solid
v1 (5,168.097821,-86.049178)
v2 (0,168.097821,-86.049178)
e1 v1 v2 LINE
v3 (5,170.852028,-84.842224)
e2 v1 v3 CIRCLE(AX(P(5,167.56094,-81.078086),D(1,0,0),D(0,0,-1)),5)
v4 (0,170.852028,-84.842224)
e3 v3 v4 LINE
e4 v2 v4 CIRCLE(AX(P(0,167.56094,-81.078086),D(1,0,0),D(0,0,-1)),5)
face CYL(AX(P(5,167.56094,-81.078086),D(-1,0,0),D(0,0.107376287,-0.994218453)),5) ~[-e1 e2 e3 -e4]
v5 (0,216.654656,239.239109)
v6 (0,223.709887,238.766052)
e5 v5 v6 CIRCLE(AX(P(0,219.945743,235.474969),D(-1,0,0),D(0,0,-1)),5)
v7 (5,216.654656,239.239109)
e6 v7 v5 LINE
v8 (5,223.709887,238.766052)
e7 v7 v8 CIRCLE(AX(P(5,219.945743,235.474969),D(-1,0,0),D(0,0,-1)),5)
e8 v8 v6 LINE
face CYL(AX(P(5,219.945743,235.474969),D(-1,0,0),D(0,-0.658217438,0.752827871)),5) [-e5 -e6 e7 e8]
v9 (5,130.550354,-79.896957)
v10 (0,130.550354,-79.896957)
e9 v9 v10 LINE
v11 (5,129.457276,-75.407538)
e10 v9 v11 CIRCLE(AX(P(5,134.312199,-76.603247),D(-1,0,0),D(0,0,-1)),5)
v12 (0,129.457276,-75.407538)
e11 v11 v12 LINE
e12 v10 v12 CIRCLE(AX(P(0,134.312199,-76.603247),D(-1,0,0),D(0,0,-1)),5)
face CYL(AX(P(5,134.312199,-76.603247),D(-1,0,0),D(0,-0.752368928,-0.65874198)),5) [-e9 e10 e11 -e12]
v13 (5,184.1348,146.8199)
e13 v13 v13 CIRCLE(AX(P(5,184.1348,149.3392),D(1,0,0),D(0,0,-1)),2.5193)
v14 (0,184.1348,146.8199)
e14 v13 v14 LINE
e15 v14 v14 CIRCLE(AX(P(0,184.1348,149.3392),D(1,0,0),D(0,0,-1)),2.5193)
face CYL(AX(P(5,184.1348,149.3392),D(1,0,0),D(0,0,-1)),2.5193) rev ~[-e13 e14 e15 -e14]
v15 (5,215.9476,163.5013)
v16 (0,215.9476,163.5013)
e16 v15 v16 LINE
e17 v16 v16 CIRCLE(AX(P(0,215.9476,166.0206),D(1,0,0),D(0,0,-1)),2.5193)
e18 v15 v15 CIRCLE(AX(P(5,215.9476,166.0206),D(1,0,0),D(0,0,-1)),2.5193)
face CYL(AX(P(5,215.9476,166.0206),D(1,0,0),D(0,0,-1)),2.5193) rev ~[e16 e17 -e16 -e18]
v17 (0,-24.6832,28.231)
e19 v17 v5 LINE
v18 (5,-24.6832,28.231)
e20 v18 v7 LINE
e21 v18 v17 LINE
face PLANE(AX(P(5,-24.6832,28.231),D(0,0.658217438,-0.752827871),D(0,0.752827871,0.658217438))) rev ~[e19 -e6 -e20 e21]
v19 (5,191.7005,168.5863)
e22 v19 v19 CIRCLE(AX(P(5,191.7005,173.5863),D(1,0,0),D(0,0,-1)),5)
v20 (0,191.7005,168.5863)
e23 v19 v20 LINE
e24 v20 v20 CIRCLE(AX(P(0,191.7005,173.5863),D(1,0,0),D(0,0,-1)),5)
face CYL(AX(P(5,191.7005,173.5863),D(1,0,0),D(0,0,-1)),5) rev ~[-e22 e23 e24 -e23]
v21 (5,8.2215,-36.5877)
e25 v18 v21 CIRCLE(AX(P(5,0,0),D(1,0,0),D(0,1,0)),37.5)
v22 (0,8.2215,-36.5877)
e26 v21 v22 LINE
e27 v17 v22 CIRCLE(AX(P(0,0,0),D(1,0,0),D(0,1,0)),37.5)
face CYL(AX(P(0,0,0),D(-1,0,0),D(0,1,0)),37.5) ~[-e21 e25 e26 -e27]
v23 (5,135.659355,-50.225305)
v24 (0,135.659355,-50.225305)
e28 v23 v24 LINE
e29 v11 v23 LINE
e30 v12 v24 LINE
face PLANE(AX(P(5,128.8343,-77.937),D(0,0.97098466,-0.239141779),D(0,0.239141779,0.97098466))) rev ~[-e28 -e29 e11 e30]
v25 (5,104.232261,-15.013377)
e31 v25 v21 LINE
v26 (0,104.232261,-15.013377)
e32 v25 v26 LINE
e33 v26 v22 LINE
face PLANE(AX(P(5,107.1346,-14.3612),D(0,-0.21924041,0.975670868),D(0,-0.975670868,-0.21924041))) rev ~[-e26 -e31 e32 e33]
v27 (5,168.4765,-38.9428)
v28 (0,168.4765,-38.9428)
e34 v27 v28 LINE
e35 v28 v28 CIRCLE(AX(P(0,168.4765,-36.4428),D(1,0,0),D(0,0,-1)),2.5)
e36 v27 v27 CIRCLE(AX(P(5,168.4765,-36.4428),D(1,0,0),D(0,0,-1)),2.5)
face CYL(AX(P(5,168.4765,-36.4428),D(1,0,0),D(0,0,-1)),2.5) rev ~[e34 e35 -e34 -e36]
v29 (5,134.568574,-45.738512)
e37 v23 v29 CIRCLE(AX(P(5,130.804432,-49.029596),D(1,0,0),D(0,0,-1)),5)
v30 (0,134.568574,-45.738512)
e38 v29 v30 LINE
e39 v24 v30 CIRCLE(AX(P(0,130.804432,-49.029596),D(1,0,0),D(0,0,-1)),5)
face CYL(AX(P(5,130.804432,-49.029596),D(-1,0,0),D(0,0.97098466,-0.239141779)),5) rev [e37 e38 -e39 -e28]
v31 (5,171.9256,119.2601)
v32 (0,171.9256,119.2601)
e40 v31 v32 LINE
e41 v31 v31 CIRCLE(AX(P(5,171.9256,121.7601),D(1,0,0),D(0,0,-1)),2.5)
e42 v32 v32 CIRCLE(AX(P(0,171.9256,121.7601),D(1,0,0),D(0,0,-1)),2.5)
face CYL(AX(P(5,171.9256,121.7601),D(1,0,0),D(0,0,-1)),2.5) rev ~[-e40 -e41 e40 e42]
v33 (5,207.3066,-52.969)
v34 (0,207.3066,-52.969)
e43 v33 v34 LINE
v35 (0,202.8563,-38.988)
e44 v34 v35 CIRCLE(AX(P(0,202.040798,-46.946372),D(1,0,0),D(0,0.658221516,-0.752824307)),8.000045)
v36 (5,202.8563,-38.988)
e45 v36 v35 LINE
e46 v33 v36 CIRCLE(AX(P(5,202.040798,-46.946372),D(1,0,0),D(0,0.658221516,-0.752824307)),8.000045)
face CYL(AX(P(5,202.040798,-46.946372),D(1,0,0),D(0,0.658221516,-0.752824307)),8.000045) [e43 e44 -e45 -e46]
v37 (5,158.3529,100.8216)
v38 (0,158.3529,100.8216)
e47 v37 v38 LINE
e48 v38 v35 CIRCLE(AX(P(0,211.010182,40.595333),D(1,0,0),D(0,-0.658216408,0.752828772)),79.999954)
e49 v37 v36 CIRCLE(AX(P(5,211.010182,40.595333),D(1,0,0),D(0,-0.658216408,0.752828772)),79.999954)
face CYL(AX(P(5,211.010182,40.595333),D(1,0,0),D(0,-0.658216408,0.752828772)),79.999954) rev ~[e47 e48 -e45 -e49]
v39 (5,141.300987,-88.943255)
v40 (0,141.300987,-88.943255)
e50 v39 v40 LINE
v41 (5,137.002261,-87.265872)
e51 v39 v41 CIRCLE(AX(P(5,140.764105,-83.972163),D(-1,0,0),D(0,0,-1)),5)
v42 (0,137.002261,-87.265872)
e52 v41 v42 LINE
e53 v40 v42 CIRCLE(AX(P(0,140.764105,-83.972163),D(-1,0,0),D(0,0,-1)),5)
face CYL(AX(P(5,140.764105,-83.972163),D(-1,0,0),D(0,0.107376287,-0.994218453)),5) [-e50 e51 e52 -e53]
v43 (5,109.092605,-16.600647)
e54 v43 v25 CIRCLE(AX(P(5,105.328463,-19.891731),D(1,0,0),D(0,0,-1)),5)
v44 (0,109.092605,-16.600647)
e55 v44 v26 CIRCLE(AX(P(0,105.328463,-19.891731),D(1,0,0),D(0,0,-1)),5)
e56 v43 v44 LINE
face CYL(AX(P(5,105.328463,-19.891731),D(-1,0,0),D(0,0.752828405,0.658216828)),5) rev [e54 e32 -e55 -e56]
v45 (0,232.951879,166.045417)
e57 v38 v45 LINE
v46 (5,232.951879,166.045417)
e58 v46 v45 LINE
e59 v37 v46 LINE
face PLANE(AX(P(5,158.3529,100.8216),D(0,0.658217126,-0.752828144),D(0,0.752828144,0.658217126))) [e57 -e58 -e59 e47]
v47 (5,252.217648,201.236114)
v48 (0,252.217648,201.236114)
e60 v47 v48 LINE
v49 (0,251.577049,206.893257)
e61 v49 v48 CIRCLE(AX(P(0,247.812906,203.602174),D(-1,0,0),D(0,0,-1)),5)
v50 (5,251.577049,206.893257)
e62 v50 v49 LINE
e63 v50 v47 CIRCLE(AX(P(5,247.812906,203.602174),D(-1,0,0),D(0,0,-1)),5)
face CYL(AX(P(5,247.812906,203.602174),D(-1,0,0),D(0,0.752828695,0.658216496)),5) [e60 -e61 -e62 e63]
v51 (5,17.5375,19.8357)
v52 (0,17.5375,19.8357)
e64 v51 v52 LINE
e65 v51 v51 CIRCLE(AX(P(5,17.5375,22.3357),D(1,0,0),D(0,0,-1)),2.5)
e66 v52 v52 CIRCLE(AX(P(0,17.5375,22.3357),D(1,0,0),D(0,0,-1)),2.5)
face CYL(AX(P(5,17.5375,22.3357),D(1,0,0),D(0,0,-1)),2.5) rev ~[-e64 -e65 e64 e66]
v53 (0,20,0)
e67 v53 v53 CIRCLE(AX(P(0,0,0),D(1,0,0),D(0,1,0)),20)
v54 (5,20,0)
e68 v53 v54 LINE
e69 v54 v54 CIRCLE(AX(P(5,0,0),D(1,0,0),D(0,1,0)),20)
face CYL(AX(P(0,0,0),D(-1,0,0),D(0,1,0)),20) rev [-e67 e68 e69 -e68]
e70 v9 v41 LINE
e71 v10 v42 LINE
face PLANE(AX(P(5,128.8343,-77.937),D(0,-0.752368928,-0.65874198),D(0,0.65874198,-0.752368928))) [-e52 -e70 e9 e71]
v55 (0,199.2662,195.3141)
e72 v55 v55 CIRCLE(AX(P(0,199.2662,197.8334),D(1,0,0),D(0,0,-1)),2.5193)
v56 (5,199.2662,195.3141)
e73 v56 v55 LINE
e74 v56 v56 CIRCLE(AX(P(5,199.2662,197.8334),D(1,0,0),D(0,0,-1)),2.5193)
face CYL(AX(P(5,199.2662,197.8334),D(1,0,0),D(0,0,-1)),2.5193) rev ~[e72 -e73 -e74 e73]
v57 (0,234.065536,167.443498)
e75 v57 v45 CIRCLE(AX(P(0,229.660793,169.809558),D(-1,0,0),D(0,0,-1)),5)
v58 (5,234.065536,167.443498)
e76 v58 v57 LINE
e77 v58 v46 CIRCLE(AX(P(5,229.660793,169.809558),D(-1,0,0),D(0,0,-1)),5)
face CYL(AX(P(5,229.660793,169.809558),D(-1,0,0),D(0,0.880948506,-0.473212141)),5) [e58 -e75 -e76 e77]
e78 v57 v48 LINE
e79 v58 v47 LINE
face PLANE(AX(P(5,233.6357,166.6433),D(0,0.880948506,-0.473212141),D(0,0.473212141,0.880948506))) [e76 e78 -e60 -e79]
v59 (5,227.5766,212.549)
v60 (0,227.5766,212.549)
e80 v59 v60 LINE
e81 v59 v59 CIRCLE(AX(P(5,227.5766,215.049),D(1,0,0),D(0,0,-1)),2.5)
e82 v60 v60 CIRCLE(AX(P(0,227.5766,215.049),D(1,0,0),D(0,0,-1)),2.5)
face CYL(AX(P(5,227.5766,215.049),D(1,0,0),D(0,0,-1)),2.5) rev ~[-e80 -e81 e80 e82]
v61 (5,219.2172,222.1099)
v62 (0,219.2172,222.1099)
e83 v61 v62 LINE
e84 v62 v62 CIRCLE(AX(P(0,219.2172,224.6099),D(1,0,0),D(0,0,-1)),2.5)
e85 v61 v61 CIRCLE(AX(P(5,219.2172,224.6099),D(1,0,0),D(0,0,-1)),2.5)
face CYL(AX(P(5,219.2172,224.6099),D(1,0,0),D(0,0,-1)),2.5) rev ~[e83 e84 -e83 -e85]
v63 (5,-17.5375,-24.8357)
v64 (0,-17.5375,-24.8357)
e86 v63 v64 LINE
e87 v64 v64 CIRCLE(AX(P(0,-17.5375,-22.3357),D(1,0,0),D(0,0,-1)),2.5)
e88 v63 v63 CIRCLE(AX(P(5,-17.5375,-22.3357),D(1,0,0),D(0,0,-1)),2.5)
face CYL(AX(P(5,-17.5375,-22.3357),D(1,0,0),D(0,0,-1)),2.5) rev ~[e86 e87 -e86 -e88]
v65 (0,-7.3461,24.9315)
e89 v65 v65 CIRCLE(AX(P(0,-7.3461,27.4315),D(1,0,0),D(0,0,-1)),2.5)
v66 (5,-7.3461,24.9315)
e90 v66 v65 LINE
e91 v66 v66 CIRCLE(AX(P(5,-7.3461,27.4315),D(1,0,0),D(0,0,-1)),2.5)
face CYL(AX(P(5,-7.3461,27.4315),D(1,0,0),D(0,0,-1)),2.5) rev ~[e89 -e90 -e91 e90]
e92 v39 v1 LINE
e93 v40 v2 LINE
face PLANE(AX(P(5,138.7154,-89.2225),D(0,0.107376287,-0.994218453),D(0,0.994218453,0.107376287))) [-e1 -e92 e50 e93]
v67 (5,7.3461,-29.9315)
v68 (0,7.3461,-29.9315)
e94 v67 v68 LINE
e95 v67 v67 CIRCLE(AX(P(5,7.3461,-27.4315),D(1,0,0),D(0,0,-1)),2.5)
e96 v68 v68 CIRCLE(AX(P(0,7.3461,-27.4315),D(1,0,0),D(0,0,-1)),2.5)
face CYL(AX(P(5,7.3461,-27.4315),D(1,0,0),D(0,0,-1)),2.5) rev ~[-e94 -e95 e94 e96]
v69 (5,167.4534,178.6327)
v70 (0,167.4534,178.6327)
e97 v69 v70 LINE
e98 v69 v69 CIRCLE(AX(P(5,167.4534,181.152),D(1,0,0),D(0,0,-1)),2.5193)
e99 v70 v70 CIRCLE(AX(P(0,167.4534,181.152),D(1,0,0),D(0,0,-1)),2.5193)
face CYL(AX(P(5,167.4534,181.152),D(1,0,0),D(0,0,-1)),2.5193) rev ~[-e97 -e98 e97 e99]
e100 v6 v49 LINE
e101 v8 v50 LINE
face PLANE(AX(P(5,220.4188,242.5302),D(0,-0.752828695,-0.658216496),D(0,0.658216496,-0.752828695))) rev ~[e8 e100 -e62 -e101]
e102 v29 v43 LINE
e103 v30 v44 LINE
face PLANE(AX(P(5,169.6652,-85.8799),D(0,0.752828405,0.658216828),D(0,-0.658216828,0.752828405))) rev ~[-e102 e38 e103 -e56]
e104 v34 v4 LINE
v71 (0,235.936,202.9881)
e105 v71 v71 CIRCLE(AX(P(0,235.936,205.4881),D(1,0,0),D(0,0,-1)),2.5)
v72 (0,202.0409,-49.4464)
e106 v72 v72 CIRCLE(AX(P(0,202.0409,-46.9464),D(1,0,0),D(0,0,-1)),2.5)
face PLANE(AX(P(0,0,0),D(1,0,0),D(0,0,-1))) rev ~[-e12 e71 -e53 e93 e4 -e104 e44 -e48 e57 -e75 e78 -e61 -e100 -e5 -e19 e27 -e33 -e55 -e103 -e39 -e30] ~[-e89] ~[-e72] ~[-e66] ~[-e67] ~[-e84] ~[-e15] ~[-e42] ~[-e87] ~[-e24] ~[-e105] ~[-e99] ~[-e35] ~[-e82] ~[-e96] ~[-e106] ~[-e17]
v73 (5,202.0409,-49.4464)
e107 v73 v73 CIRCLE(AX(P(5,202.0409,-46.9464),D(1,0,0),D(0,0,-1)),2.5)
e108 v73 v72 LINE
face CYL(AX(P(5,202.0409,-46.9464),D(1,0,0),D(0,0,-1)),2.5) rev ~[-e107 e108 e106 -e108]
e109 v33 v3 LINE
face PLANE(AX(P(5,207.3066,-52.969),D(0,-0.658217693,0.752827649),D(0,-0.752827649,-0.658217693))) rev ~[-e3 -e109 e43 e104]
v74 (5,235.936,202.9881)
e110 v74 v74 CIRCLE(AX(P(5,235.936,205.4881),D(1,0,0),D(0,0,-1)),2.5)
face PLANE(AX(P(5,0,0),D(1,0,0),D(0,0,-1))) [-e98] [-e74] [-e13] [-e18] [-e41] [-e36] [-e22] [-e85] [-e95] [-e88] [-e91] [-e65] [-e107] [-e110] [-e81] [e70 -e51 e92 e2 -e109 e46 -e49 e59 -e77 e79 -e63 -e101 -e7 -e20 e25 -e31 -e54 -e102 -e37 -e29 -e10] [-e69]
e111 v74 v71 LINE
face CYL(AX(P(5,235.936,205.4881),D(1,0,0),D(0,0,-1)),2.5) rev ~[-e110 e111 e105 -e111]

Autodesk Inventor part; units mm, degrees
ref_plane "YZ Plane" through (0, 0, 0) normal (1, 0, 0) x (0, 1, 0)
ref_plane "XZ Plane" through (0, 0, 0) normal (0, 1, 0) x (-1, 0, 0)
ref_plane "XY Plane" through (0, 0, 0) normal (0, 0, 1) x (1, 0, 0)
sketch "Esboço1" plane through (0, 0, 0) normal (1, 0, 0) x (0, 1, 0)
  circle A0 centre (0, 0) radius 20
  circle A1 centre (0, 0) radius 37.5
  dimension "d0" = 40
  dimension "d1" = 75
extrude "Extrusão1" add sketch "Esboço1" along normal blind 5
sketch "Esboço3" plane through (5, 0, 0) normal (1, 0, 0) x (0, 0, -1)
  line L0 (154.1962, 109.7603) -> (153.014, 111.1125) projected
  line L1 (40.5387, 95.9825) -> (78.7824, 129.4199) projected
  line L2 (153.014, 111.1125) -> (-99.3237, 399.7205)
  circle A0 centre (0, 0) radius 37.5 projected
  line L3 (-28.231, -24.6832) -> (-242.5302, 220.4188)
  arc A1 (-100.8216, 158.3529) -> (38.988, 202.8563) centre (-40.5953, 211.0103) ccw
  line L4 (-100.8216, 158.3529) -> (-166.6433, 233.6357)
  line L5 (-166.6433, 233.6357) -> (-204.2865, 253.8562)
  circle A2 centre (46.9464, 202.0409) radius 2.5
  circle A3 centre (36.4428, 168.4765) radius 2.5
  arc A4 (52.969, 207.3066) -> (38.988, 202.8563) centre (46.9464, 202.0409) ccw
  line L6 (52.969, 207.3066) -> (85.8799, 169.6652)
  line L7 (85.8799, 169.6652) -> (14.3612, 107.1346)
  line L8 (14.3612, 107.1346) -> (36.5877, 8.2215)
  circle A5 centre (-224.6099, 219.2172) radius 2.5
  circle A6 centre (-205.4881, 235.936) radius 2.5
  circle A7 centre (-215.049, 227.5766) radius 2.5
  line L9 (-242.5302, 220.4188) -> (-204.2865, 253.8562)
  dimension "d5" = 160
  dimension "d10" = 100
  dimension "d11" = 5
  dimension "d12" = 5
  dimension "d13" = 88
  dimension "d14" = 88
  dimension "d15" = 20
  dimension "d16" = 50
  dimension "d18" = 50
  dimension "d19" = 95
  dimension "d20" = 5
  dimension "d21" = 5
  dimension "d22" = 5
  dimension "d23" = 12.7
  dimension "d25" = 12.7
  dimension "d30" = 280
  dimension "d31" = 140
  dimension "d32" = 12.7
  dimension "d33" = 12.7
  dimension "d34" = 12.7
  dimension "d35" = 12.7
extrude "Extrusão2" add sketch "Esboço3" against normal blind 5 contours A0 L3 L9 L5 L4 A1 A4 L6 L7 L8
sketch "Esboço4" plane through (5, 0, 0) normal (1, 0, 0) x (0, 0, -1)
  line L0 (154.1962, 109.7603) -> (153.014, 111.1125) projected
  line L1 (153.014, 111.1125) -> (-112.9577, 415.3142)
  circle A0 centre (-34.8401, 212.0241) radius 75
  circle A1 centre (-121.7601, 171.9256) radius 20
  line L2 (-204.2865, 253.8562) -> (-242.5302, 220.4188) projected
  line L3 (-242.5302, 220.4188) -> (-28.231, -24.6832) projected
  circle A2 centre (-121.7601, 171.9256) radius 2.5
  circle A3 centre (-173.5863, 191.7005) radius 5
  circle A4 centre (-22.3357, 17.5375) radius 2.5 projected
  circle A5 centre (-27.4315, -7.3461) radius 2.5 projected
  circle A6 centre (22.3357, -17.5375) radius 2.5 projected
  circle A7 centre (27.4315, 7.3461) radius 2.5 projected
  point P0 (0, 0)
  dimension "d38" = 150
  dimension "d39" = 40
  dimension "d40" = 116
  dimension "d41" = 59
  dimension "d42" = 5
  dimension "d43" = 10
  dimension "d45" = 33
  dimension "d46" = 67
extrude "Extrusão3" cut sketch "Esboço4" against normal blind 5 contours A2 | A3 | A4 | A5 | A6 | A7
sketch "Esboço5" plane through (5, 0, 0) normal (1, 0, 0) x (0, 0, -1)
  circle A0 centre (-166.0206, 215.9476) radius 2.5193 construction
  circle A1 centre (-197.8334, 199.2662) radius 2.5193
  circle A2 centre (-149.3392, 184.1348) radius 2.5193
  circle A3 centre (-166.0206, 215.9476) radius 2.5193
  circle A4 centre (-181.152, 167.4534) radius 2.5193
  point P0 (0, 0)
extrude "Extrusão4" cut sketch "Esboço5" against normal blind 10
sketch "Esboço6" plane through (5, 0, 0) normal (1, 0, 0) x (0, 0, -1)
  line L0 (78.9782, 129.7261) -> (84.3768, 134.4529)
  line L1 (85.8799, 169.6652) -> (14.3612, 107.1346) projected
  line L2 (89.2225, 138.7154) -> (85.8799, 169.6652)
  line L3 (77.937, 128.8343) -> (47.698, 136.2818)
  line L4 (77.937, 128.8343) -> (89.2225, 138.7154)
  point P0 (0, 0)
  dimension "d58" = 55
  dimension "d61" = 15
  dimension "d62" = 25.5
  dimension "d64" = 55
extrude "Extrusão5" add sketch "Esboço6" against normal blind 5
fillet "Arredondamento1" radius 5 8 edges at (2.5, 107.1346, -14.3612) (2.5, 136.2818, -47.698) (2.5, 128.8343, -77.937) (2.5, 138.7154, -89.2225) (2.5, 169.6652, -85.8799) (2.5, 233.6357, 166.6433) (2.5, 253.8562, 204.2865) (2.5, 220.4188, 242.5302)
equation "\"d25\" = d23"
equation "\"d64\" = d58"
properties part number "CHAPA LATERAL INTAKE V2"
